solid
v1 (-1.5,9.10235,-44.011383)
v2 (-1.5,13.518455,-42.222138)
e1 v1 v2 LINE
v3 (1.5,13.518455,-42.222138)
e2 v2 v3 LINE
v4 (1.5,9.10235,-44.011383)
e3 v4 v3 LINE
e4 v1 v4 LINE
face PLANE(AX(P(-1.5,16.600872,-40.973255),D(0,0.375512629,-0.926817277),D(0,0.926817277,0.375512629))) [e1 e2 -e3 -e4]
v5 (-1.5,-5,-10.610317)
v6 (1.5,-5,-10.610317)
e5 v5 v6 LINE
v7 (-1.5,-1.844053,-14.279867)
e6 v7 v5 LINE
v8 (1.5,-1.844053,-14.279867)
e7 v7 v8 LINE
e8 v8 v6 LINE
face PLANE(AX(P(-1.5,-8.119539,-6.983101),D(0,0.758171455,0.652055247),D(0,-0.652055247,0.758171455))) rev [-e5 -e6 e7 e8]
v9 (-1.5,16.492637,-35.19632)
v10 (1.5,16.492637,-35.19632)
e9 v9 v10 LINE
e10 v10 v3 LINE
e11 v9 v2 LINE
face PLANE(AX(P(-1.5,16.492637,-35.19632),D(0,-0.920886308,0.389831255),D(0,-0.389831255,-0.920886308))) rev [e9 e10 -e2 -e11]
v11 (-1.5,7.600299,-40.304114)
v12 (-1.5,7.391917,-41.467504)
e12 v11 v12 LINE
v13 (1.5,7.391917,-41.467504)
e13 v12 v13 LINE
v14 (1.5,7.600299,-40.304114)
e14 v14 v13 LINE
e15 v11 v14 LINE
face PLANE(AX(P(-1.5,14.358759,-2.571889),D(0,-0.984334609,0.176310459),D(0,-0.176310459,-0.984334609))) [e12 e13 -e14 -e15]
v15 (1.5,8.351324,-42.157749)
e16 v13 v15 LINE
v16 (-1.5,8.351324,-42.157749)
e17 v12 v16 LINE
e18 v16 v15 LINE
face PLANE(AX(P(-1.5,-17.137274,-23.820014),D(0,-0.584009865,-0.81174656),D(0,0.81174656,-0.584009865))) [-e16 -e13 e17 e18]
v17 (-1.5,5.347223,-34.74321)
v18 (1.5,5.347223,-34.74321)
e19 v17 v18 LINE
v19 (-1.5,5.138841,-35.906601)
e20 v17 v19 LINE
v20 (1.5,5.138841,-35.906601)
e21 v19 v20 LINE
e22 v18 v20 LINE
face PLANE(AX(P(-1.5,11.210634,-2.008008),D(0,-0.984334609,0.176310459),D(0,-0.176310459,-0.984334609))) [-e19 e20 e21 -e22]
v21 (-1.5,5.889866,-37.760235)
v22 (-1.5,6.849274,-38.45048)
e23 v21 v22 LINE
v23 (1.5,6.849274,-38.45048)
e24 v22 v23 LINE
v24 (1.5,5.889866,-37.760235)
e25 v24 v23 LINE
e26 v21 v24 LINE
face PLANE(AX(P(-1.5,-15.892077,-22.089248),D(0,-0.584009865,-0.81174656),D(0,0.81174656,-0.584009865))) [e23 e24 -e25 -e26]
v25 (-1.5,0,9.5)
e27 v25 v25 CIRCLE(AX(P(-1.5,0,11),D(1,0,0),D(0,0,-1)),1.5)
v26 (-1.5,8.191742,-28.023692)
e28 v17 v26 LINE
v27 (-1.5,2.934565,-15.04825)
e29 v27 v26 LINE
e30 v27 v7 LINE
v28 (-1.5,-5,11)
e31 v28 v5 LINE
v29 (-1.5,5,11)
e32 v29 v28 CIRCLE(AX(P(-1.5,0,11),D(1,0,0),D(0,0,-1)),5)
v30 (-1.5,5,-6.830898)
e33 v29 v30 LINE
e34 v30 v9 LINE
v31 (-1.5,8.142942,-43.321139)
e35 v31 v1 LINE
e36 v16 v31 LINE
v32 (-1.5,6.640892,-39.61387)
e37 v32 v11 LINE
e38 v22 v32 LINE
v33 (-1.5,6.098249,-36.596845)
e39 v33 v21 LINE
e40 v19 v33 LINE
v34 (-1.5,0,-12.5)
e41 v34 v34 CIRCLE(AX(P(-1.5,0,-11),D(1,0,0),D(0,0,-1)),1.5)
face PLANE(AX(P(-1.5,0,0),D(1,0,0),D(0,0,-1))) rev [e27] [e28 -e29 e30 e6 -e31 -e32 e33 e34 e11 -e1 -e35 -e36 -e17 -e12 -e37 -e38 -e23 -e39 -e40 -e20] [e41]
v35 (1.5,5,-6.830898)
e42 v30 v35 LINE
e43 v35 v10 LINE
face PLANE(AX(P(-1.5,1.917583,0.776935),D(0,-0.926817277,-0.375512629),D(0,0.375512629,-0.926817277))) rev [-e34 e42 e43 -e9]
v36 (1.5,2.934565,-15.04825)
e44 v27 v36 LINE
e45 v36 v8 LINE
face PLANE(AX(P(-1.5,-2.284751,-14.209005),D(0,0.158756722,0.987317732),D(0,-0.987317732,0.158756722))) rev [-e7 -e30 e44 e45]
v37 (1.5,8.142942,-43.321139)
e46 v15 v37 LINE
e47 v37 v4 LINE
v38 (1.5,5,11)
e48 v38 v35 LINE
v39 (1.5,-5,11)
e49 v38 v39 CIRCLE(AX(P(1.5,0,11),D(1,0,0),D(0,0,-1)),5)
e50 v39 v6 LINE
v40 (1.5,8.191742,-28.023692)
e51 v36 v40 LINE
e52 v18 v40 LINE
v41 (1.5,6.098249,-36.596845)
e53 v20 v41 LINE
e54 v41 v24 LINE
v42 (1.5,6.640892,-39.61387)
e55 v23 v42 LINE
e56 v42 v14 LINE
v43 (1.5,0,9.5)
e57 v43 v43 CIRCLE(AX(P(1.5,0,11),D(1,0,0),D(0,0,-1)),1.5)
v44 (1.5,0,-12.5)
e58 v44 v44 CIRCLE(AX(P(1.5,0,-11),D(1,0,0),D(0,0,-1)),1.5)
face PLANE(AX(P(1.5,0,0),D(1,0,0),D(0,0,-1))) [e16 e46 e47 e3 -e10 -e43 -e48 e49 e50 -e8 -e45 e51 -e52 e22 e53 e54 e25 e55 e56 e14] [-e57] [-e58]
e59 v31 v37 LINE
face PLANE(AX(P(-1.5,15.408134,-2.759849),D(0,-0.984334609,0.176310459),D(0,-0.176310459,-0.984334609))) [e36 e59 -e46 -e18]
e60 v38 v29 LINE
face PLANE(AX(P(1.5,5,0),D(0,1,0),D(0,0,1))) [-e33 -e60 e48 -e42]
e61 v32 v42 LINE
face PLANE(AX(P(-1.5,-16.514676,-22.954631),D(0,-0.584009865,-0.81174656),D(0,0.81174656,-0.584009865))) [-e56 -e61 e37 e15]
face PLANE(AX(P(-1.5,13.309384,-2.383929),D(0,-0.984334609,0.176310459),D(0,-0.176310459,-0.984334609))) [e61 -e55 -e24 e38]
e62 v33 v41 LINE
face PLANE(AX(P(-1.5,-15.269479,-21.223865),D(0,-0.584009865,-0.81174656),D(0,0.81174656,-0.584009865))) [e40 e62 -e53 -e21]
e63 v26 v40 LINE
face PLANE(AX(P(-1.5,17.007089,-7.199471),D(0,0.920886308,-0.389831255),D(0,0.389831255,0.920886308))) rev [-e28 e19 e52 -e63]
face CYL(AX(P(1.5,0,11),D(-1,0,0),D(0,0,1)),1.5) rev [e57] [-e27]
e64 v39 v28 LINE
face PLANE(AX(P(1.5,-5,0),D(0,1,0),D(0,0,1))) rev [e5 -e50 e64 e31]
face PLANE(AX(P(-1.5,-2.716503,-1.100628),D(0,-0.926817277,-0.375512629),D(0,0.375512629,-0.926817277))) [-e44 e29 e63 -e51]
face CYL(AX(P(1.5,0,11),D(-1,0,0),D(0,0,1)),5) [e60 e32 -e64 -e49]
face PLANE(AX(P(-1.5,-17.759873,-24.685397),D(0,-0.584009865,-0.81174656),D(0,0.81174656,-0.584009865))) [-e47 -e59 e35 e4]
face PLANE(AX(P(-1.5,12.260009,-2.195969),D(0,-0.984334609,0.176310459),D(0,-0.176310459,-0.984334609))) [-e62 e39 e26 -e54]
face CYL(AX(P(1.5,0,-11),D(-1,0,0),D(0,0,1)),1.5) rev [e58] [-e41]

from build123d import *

# Parameters (mm, degrees)
SKETCH1_R           = 5
SKETCH1_R_2         = 1.5
BOSS_EXTRUDE1_DEPTH = 1.5
BOSS_EXTRUDE2_DEPTH = 3
CUT_EXTRUDE1_DEPTH  = 3
CUT_EXTRUDE2_DEPTH  = 3


with BuildPart() as part:
    # Sketch1 → Boss-Extrude1 (new body, symmetric)
    with BuildSketch(Plane(origin=(0, 0, 0), x_dir=(0, 0, -1), z_dir=(1, 0, 0))):
        with BuildLine():
            ThreePointArc((-6, 0), (-7.464466094, -3.535533906), (-11, -5))
            Line((-11, -5), (11, -5))
            ThreePointArc((11, -5), (6, 0), (11, 5))
            Line((11, 5), (-11, 5))
            ThreePointArc((-11, 5), (-7.464466094, 3.535533906), (-6, 0))
        make_face()
        with Locations((-11, 0)):
            Circle(SKETCH1_R)
        with Locations((-11, 0)):
            Circle(SKETCH1_R_2, mode=Mode.SUBTRACT)
        with Locations((11, 0)):
            Circle(SKETCH1_R)
        with Locations((11, 0)):
            Circle(SKETCH1_R_2, mode=Mode.SUBTRACT)
    extrude(amount=BOSS_EXTRUDE1_DEPTH, both=True)

    # Sketch2 → Boss-Extrude2 (add)
    with BuildSketch(Plane(origin=(1.5, 0, 0), x_dir=(0, 0, -1), z_dir=(1, 0, 0))):
        with BuildLine():
            Line((34.743210425, 5.347223248), (34.979783381, 4.763328363))
            Line((34.979783381, 4.763328363), (44.247956153, 8.518454657))
            Line((44.247956153, 8.518454657), (40.196320101, 18.518454657))
            Line((40.196320101, 18.518454657), (6.830898124, 5))
            Line((6.830898124, 5), (11, 5))
            ThreePointArc((11, 5), (13.272352736, 4.453808824), (15.048249866, 2.934565218))
            Line((15.048249866, 2.934565218), (28.023691746, 8.191742029))
            Line((28.023691746, 8.191742029), (34.743210425, 5.347223248))
        make_face()
    extrude(amount=-BOSS_EXTRUDE2_DEPTH)

    # Sketch3 → Cut-Extrude1 (cut)
    with BuildSketch(Plane(origin=(1.5, 0, 0), x_dir=(0, 0, -1), z_dir=(1, 0, 0))):
        Polygon((40.196320101, 18.518454657), (35.196320101, 16.492636631), (42.222138127, 13.518454657), align=None)
    extrude(amount=-CUT_EXTRUDE1_DEPTH, mode=Mode.SUBTRACT)

    # Sketch4 → Cut-Extrude2 (cut)
    with BuildSketch(Plane(origin=(1.5, 0, 0), x_dir=(0, 0, -1), z_dir=(1, 0, 0))):
        Polygon((36.596844979, 6.098248507), (35.906600658, 5.138840993), (37.760235213, 5.889866252), align=None)
        Polygon((35.906600658, 5.138840993), (34.743210425, 5.347223248), (34.979783381, 4.763328363), align=None)
        Polygon((38.450479533, 6.849273765), (37.760235213, 5.889866252), (39.613869767, 6.64089151), align=None)
        Polygon((40.304114087, 7.600299024), (39.613869767, 6.64089151), (41.467504321, 7.391916769), align=None)
        Polygon((42.157748642, 8.351324283), (41.467504321, 7.391916769), (43.321138875, 8.142942028), align=None)
        Polygon((44.011383196, 9.102349542), (43.321138875, 8.142942028), (44.247956153, 8.518454657), align=None)
        with BuildLine():
            ThreePointArc((11, -5), (15.453808824, -2.272352736), (15.048249866, 2.934565218))
            Line((15.048249866, 2.934565218), (14.279867332, -1.844052603))
            Line((14.279867332, -1.844052603), (10.610317492, -5))
            Line((10.610317492, -5), (11, -5))
        make_face()
    extrude(amount=-CUT_EXTRUDE2_DEPTH, mode=Mode.SUBTRACT)


solid = part.part
